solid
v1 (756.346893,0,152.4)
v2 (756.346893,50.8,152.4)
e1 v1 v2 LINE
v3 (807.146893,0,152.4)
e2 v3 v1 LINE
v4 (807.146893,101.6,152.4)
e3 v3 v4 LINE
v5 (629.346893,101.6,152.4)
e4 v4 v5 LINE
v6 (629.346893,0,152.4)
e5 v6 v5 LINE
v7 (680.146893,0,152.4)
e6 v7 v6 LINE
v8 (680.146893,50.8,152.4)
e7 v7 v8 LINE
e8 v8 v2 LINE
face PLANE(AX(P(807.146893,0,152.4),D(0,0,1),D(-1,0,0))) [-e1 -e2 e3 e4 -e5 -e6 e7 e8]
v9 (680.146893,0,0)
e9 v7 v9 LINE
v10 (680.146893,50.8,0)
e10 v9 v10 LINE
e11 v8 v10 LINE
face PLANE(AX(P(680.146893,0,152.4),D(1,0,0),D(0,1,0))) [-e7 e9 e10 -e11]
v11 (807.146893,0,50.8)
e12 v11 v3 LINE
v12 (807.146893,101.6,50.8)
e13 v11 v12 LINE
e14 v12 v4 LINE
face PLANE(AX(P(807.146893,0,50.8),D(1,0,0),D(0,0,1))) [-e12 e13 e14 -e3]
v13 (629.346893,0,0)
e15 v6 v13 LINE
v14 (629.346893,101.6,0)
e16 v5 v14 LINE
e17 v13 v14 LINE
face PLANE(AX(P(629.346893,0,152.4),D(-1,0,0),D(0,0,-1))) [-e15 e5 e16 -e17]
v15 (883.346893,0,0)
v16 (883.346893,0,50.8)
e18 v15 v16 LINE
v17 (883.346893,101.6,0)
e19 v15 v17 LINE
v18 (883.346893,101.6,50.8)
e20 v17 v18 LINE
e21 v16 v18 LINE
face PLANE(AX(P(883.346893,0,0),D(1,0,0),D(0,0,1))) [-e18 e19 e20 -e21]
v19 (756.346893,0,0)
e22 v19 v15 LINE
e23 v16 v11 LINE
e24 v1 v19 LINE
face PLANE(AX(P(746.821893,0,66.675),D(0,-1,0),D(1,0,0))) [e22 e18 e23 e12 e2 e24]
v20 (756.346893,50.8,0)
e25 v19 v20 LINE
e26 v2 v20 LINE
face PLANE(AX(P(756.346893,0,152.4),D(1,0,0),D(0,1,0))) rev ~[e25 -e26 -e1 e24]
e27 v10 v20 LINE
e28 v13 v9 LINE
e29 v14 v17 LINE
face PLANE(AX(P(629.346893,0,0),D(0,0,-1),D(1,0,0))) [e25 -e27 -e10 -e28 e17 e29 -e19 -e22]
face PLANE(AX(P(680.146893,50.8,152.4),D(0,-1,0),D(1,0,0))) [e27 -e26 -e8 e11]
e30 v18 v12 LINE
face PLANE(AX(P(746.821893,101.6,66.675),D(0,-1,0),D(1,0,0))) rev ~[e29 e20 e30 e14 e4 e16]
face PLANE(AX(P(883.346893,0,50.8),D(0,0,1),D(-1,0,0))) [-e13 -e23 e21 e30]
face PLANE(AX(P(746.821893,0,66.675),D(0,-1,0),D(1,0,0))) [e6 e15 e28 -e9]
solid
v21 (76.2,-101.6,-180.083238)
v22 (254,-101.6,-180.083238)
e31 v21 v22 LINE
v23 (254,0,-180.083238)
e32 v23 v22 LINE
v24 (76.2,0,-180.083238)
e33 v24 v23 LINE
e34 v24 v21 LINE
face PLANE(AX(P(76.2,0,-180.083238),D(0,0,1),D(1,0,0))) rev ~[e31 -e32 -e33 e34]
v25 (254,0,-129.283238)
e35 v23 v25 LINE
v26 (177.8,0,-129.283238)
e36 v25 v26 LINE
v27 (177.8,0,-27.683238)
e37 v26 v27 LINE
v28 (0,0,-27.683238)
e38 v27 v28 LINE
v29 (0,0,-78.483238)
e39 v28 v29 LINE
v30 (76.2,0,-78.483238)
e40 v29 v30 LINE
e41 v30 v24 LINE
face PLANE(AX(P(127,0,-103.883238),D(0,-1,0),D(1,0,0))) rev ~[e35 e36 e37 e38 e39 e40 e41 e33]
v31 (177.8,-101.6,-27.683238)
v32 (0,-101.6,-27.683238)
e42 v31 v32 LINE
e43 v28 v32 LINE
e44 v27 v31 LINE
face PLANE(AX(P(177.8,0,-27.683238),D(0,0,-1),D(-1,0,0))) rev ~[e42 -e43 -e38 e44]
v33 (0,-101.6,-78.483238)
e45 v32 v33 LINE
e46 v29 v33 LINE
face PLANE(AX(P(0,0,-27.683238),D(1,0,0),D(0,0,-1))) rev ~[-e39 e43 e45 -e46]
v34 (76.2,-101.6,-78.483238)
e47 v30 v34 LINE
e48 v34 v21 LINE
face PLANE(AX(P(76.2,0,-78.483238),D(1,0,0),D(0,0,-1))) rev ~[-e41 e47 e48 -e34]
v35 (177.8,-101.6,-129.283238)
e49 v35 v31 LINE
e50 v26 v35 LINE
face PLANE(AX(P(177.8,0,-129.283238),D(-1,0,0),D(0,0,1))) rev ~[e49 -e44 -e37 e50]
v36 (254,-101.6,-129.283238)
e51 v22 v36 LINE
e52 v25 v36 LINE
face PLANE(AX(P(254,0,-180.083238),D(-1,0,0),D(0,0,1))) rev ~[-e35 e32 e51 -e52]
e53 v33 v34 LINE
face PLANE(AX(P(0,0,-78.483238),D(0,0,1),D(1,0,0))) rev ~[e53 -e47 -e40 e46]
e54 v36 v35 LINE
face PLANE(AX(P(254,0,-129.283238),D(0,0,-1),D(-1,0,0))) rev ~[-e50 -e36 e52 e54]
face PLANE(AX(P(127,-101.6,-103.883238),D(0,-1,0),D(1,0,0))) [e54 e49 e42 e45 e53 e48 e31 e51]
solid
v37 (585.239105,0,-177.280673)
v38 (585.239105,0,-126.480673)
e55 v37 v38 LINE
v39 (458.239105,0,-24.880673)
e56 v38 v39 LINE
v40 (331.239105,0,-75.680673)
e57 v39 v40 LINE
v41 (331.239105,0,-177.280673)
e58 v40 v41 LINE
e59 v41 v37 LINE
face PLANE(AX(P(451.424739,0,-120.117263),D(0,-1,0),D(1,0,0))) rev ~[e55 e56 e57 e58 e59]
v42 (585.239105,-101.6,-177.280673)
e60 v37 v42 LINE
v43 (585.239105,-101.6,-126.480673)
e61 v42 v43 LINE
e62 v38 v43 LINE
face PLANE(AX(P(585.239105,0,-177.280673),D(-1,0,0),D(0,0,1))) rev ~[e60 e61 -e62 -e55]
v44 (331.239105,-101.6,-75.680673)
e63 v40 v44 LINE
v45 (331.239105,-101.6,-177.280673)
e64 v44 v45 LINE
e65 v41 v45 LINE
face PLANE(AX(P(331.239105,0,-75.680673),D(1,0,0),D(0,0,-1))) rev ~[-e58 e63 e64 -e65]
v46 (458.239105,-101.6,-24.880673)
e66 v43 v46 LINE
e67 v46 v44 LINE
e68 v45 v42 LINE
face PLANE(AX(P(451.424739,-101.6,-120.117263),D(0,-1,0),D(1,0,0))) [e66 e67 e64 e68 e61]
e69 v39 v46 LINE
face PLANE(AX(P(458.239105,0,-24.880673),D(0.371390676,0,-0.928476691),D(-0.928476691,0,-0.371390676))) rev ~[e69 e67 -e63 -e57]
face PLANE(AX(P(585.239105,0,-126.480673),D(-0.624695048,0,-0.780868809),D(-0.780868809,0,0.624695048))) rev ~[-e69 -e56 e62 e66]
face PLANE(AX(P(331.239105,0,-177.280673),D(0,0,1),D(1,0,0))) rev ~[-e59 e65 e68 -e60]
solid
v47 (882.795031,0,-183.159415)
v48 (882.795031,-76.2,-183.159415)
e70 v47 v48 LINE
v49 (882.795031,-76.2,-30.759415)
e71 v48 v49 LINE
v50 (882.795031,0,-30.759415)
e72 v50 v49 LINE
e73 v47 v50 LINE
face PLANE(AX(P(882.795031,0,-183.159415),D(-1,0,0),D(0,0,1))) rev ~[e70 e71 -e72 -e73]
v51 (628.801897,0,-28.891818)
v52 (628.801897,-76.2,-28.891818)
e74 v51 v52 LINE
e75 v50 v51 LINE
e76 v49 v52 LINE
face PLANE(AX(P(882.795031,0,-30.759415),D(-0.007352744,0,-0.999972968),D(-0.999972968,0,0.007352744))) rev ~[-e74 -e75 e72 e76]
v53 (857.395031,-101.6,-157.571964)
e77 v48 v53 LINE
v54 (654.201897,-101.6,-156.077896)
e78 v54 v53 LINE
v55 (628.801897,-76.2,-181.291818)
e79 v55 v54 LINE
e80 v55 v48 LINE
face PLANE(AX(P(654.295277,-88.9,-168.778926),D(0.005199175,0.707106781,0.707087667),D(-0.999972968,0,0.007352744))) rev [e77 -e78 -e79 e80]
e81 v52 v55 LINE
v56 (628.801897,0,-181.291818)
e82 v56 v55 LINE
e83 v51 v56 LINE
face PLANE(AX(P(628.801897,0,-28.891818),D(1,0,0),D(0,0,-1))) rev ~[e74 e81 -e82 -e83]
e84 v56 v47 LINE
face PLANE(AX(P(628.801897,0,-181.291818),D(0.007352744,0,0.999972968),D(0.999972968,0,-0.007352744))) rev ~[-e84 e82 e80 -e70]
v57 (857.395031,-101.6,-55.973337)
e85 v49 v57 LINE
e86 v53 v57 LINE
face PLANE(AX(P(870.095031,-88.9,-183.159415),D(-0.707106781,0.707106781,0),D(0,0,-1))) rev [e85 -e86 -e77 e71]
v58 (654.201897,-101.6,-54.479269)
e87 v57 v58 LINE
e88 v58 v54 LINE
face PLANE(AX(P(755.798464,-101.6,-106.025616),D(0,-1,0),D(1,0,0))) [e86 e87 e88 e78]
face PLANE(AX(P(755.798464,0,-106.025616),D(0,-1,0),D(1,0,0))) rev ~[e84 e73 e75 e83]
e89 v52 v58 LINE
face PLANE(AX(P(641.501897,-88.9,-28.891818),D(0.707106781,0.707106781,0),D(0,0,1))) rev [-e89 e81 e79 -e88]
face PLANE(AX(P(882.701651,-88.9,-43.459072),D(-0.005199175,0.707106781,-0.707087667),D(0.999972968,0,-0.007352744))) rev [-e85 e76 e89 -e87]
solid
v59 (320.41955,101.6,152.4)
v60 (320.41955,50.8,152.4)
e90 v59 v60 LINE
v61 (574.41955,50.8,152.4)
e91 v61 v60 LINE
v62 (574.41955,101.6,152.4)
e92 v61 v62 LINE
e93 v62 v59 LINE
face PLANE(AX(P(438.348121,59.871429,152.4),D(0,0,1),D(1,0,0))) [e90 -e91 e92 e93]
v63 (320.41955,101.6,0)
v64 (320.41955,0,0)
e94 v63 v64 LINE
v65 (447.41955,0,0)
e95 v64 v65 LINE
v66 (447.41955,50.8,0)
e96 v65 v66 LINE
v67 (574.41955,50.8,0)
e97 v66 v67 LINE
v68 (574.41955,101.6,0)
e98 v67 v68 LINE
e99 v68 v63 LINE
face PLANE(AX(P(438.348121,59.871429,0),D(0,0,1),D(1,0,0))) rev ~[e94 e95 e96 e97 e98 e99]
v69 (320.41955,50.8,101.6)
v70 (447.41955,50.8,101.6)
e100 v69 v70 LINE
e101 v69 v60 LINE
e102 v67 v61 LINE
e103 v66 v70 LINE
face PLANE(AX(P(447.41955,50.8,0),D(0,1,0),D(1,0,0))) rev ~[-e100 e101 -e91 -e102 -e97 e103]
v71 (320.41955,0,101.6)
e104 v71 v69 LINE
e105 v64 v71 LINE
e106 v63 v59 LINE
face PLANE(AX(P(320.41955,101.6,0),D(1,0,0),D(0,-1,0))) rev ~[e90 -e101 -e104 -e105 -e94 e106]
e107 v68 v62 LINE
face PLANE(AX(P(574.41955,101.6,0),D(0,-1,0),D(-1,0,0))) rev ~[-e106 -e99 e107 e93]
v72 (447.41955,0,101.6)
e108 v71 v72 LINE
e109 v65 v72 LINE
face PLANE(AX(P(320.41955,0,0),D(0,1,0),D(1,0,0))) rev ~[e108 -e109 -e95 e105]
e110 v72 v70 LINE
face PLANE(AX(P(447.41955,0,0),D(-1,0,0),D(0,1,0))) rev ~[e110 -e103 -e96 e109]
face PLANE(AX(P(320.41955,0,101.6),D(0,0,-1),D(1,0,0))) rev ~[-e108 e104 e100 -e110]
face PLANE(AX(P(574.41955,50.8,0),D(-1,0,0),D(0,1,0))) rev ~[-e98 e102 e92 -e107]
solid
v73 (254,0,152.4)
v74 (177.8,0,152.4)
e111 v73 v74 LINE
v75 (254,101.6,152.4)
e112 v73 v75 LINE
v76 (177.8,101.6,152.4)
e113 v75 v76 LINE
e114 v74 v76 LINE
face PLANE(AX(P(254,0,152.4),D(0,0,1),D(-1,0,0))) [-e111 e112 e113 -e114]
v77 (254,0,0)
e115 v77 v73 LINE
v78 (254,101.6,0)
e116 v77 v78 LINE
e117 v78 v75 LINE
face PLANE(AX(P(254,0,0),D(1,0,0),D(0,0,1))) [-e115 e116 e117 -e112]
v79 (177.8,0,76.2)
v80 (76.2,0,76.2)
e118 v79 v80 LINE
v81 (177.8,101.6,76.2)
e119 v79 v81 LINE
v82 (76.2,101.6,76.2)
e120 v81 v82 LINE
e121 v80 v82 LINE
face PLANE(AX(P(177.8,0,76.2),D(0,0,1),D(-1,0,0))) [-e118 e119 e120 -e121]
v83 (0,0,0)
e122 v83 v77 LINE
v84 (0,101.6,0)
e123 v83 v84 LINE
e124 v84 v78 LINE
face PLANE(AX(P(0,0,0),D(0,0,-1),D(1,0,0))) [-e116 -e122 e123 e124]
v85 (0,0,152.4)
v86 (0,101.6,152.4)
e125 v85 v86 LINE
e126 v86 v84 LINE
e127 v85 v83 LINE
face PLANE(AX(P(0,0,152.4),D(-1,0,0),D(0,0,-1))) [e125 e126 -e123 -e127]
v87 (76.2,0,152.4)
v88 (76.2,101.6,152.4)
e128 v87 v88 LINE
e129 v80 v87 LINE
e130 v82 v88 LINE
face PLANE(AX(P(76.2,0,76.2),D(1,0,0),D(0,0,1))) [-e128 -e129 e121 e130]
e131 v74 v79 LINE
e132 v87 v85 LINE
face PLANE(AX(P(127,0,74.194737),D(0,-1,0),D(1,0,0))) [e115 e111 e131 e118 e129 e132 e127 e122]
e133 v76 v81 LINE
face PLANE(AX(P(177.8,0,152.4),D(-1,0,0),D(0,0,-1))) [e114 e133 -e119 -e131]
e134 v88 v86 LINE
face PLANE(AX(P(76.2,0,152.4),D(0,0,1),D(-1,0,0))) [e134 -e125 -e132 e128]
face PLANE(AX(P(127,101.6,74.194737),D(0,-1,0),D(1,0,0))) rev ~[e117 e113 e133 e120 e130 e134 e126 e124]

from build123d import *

# Parameters (mm, degrees)
F1_DEPTH  = 101.6
F3_DEPTH  = 152.4
F4_W      = 127
F4_H      = 50.8
F5_DEPTH  = 50.8
F7_DEPTH  = 101.6
F8_W      = 76.2
F8_H      = 50.8
F9_DEPTH  = 152.4
F11_DEPTH = 101.6
F13_DEPTH = 101.6
F15_DEPTH = 101.6
F16_SIZE  = 25.4
F17_SIZE  = 25.4


with BuildPart() as f1:
    # F0 (on Front) → F1 (new body)
    with BuildSketch(Plane.XZ):
        Polygon((0, 152.4), (0, 0), (254, 0), (254, 152.4), (177.8, 152.4), (177.8, 76.2), (76.2, 76.2), (76.2, 152.4), align=None)
    extrude(amount=-F1_DEPTH)


with BuildPart() as f3:
    # F2 (on Top) → F3 (new body)
    with BuildSketch(Plane.XY):
        Polygon((574.41955, 50.8), (574.41955, 101.6), (320.41955, 101.6), (320.41955, 0), (447.41955, 0), (447.41955, 50.8), align=None)
    extrude(amount=F3_DEPTH)

    # F4 (on face) → F5 (cut)
    with BuildSketch(Plane.XZ):
        with Locations((383.91955, 127)):
            Rectangle(F4_W, F4_H)
    extrude(amount=-F5_DEPTH, mode=Mode.SUBTRACT)


with BuildPart() as f7:
    # F6 (on Front) → F7 (new body)
    with BuildSketch(Plane.XZ):
        Polygon((629.346893, 152.4), (629.346893, 0), (883.346893, 0), (883.346893, 50.8), (807.146893, 50.8), (807.146893, 152.4), align=None)
    extrude(amount=-F7_DEPTH)

    # F8 (on face) → F9 (cut)
    with BuildSketch(Plane.XY.offset(152.4)):
        with Locations((718.246893, 25.4)):
            Rectangle(F8_W, F8_H)
    extrude(amount=-F9_DEPTH, mode=Mode.SUBTRACT)


with BuildPart() as f11:
    # F10 (on Front) → F11 (new body)
    with BuildSketch(Plane.XZ):
        Polygon((177.8, -27.683238), (0, -27.683238), (0, -78.483238), (76.2, -78.483238), (76.2, -180.083238), (254, -180.083238), (254, -129.283238), (177.8, -129.283238), align=None)
    extrude(amount=F11_DEPTH)


with BuildPart() as f13:
    # F12 (on Front) → F13 (new body)
    with BuildSketch(Plane.XZ):
        Polygon((331.239105, -177.280673), (585.239105, -177.280673), (585.239105, -126.480673), (458.239105, -24.880673), (331.239105, -75.680673), align=None)
    extrude(amount=F13_DEPTH)


with BuildPart() as f15:
    # F14 (on Front) → F15 (new body)
    with BuildSketch(Plane.XZ):
        Polygon((628.801897, -28.891818), (628.801897, -181.291818), (882.795031, -183.159415), (882.795031, -30.759415), align=None)
    extrude(amount=F15_DEPTH)

    # F16
    f16_edges = [f15.edges().sort_by_distance(p)[0] for p in [
        (755.798464, -101.6, -29.825617),
        (882.795031, -101.6, -106.959415),
        (628.801897, -101.6, -105.091818),
    ]]
    chamfer(f16_edges, length=F16_SIZE)

    # F17
    f17_edges = [f15.edges().sort_by_distance(p)[0] for p in [
        (755.798464, -101.6, -182.225617),
    ]]
    chamfer(f17_edges, length=F17_SIZE)


solid = Compound([f1.part, f3.part, f7.part, f11.part, f13.part, f15.part])
